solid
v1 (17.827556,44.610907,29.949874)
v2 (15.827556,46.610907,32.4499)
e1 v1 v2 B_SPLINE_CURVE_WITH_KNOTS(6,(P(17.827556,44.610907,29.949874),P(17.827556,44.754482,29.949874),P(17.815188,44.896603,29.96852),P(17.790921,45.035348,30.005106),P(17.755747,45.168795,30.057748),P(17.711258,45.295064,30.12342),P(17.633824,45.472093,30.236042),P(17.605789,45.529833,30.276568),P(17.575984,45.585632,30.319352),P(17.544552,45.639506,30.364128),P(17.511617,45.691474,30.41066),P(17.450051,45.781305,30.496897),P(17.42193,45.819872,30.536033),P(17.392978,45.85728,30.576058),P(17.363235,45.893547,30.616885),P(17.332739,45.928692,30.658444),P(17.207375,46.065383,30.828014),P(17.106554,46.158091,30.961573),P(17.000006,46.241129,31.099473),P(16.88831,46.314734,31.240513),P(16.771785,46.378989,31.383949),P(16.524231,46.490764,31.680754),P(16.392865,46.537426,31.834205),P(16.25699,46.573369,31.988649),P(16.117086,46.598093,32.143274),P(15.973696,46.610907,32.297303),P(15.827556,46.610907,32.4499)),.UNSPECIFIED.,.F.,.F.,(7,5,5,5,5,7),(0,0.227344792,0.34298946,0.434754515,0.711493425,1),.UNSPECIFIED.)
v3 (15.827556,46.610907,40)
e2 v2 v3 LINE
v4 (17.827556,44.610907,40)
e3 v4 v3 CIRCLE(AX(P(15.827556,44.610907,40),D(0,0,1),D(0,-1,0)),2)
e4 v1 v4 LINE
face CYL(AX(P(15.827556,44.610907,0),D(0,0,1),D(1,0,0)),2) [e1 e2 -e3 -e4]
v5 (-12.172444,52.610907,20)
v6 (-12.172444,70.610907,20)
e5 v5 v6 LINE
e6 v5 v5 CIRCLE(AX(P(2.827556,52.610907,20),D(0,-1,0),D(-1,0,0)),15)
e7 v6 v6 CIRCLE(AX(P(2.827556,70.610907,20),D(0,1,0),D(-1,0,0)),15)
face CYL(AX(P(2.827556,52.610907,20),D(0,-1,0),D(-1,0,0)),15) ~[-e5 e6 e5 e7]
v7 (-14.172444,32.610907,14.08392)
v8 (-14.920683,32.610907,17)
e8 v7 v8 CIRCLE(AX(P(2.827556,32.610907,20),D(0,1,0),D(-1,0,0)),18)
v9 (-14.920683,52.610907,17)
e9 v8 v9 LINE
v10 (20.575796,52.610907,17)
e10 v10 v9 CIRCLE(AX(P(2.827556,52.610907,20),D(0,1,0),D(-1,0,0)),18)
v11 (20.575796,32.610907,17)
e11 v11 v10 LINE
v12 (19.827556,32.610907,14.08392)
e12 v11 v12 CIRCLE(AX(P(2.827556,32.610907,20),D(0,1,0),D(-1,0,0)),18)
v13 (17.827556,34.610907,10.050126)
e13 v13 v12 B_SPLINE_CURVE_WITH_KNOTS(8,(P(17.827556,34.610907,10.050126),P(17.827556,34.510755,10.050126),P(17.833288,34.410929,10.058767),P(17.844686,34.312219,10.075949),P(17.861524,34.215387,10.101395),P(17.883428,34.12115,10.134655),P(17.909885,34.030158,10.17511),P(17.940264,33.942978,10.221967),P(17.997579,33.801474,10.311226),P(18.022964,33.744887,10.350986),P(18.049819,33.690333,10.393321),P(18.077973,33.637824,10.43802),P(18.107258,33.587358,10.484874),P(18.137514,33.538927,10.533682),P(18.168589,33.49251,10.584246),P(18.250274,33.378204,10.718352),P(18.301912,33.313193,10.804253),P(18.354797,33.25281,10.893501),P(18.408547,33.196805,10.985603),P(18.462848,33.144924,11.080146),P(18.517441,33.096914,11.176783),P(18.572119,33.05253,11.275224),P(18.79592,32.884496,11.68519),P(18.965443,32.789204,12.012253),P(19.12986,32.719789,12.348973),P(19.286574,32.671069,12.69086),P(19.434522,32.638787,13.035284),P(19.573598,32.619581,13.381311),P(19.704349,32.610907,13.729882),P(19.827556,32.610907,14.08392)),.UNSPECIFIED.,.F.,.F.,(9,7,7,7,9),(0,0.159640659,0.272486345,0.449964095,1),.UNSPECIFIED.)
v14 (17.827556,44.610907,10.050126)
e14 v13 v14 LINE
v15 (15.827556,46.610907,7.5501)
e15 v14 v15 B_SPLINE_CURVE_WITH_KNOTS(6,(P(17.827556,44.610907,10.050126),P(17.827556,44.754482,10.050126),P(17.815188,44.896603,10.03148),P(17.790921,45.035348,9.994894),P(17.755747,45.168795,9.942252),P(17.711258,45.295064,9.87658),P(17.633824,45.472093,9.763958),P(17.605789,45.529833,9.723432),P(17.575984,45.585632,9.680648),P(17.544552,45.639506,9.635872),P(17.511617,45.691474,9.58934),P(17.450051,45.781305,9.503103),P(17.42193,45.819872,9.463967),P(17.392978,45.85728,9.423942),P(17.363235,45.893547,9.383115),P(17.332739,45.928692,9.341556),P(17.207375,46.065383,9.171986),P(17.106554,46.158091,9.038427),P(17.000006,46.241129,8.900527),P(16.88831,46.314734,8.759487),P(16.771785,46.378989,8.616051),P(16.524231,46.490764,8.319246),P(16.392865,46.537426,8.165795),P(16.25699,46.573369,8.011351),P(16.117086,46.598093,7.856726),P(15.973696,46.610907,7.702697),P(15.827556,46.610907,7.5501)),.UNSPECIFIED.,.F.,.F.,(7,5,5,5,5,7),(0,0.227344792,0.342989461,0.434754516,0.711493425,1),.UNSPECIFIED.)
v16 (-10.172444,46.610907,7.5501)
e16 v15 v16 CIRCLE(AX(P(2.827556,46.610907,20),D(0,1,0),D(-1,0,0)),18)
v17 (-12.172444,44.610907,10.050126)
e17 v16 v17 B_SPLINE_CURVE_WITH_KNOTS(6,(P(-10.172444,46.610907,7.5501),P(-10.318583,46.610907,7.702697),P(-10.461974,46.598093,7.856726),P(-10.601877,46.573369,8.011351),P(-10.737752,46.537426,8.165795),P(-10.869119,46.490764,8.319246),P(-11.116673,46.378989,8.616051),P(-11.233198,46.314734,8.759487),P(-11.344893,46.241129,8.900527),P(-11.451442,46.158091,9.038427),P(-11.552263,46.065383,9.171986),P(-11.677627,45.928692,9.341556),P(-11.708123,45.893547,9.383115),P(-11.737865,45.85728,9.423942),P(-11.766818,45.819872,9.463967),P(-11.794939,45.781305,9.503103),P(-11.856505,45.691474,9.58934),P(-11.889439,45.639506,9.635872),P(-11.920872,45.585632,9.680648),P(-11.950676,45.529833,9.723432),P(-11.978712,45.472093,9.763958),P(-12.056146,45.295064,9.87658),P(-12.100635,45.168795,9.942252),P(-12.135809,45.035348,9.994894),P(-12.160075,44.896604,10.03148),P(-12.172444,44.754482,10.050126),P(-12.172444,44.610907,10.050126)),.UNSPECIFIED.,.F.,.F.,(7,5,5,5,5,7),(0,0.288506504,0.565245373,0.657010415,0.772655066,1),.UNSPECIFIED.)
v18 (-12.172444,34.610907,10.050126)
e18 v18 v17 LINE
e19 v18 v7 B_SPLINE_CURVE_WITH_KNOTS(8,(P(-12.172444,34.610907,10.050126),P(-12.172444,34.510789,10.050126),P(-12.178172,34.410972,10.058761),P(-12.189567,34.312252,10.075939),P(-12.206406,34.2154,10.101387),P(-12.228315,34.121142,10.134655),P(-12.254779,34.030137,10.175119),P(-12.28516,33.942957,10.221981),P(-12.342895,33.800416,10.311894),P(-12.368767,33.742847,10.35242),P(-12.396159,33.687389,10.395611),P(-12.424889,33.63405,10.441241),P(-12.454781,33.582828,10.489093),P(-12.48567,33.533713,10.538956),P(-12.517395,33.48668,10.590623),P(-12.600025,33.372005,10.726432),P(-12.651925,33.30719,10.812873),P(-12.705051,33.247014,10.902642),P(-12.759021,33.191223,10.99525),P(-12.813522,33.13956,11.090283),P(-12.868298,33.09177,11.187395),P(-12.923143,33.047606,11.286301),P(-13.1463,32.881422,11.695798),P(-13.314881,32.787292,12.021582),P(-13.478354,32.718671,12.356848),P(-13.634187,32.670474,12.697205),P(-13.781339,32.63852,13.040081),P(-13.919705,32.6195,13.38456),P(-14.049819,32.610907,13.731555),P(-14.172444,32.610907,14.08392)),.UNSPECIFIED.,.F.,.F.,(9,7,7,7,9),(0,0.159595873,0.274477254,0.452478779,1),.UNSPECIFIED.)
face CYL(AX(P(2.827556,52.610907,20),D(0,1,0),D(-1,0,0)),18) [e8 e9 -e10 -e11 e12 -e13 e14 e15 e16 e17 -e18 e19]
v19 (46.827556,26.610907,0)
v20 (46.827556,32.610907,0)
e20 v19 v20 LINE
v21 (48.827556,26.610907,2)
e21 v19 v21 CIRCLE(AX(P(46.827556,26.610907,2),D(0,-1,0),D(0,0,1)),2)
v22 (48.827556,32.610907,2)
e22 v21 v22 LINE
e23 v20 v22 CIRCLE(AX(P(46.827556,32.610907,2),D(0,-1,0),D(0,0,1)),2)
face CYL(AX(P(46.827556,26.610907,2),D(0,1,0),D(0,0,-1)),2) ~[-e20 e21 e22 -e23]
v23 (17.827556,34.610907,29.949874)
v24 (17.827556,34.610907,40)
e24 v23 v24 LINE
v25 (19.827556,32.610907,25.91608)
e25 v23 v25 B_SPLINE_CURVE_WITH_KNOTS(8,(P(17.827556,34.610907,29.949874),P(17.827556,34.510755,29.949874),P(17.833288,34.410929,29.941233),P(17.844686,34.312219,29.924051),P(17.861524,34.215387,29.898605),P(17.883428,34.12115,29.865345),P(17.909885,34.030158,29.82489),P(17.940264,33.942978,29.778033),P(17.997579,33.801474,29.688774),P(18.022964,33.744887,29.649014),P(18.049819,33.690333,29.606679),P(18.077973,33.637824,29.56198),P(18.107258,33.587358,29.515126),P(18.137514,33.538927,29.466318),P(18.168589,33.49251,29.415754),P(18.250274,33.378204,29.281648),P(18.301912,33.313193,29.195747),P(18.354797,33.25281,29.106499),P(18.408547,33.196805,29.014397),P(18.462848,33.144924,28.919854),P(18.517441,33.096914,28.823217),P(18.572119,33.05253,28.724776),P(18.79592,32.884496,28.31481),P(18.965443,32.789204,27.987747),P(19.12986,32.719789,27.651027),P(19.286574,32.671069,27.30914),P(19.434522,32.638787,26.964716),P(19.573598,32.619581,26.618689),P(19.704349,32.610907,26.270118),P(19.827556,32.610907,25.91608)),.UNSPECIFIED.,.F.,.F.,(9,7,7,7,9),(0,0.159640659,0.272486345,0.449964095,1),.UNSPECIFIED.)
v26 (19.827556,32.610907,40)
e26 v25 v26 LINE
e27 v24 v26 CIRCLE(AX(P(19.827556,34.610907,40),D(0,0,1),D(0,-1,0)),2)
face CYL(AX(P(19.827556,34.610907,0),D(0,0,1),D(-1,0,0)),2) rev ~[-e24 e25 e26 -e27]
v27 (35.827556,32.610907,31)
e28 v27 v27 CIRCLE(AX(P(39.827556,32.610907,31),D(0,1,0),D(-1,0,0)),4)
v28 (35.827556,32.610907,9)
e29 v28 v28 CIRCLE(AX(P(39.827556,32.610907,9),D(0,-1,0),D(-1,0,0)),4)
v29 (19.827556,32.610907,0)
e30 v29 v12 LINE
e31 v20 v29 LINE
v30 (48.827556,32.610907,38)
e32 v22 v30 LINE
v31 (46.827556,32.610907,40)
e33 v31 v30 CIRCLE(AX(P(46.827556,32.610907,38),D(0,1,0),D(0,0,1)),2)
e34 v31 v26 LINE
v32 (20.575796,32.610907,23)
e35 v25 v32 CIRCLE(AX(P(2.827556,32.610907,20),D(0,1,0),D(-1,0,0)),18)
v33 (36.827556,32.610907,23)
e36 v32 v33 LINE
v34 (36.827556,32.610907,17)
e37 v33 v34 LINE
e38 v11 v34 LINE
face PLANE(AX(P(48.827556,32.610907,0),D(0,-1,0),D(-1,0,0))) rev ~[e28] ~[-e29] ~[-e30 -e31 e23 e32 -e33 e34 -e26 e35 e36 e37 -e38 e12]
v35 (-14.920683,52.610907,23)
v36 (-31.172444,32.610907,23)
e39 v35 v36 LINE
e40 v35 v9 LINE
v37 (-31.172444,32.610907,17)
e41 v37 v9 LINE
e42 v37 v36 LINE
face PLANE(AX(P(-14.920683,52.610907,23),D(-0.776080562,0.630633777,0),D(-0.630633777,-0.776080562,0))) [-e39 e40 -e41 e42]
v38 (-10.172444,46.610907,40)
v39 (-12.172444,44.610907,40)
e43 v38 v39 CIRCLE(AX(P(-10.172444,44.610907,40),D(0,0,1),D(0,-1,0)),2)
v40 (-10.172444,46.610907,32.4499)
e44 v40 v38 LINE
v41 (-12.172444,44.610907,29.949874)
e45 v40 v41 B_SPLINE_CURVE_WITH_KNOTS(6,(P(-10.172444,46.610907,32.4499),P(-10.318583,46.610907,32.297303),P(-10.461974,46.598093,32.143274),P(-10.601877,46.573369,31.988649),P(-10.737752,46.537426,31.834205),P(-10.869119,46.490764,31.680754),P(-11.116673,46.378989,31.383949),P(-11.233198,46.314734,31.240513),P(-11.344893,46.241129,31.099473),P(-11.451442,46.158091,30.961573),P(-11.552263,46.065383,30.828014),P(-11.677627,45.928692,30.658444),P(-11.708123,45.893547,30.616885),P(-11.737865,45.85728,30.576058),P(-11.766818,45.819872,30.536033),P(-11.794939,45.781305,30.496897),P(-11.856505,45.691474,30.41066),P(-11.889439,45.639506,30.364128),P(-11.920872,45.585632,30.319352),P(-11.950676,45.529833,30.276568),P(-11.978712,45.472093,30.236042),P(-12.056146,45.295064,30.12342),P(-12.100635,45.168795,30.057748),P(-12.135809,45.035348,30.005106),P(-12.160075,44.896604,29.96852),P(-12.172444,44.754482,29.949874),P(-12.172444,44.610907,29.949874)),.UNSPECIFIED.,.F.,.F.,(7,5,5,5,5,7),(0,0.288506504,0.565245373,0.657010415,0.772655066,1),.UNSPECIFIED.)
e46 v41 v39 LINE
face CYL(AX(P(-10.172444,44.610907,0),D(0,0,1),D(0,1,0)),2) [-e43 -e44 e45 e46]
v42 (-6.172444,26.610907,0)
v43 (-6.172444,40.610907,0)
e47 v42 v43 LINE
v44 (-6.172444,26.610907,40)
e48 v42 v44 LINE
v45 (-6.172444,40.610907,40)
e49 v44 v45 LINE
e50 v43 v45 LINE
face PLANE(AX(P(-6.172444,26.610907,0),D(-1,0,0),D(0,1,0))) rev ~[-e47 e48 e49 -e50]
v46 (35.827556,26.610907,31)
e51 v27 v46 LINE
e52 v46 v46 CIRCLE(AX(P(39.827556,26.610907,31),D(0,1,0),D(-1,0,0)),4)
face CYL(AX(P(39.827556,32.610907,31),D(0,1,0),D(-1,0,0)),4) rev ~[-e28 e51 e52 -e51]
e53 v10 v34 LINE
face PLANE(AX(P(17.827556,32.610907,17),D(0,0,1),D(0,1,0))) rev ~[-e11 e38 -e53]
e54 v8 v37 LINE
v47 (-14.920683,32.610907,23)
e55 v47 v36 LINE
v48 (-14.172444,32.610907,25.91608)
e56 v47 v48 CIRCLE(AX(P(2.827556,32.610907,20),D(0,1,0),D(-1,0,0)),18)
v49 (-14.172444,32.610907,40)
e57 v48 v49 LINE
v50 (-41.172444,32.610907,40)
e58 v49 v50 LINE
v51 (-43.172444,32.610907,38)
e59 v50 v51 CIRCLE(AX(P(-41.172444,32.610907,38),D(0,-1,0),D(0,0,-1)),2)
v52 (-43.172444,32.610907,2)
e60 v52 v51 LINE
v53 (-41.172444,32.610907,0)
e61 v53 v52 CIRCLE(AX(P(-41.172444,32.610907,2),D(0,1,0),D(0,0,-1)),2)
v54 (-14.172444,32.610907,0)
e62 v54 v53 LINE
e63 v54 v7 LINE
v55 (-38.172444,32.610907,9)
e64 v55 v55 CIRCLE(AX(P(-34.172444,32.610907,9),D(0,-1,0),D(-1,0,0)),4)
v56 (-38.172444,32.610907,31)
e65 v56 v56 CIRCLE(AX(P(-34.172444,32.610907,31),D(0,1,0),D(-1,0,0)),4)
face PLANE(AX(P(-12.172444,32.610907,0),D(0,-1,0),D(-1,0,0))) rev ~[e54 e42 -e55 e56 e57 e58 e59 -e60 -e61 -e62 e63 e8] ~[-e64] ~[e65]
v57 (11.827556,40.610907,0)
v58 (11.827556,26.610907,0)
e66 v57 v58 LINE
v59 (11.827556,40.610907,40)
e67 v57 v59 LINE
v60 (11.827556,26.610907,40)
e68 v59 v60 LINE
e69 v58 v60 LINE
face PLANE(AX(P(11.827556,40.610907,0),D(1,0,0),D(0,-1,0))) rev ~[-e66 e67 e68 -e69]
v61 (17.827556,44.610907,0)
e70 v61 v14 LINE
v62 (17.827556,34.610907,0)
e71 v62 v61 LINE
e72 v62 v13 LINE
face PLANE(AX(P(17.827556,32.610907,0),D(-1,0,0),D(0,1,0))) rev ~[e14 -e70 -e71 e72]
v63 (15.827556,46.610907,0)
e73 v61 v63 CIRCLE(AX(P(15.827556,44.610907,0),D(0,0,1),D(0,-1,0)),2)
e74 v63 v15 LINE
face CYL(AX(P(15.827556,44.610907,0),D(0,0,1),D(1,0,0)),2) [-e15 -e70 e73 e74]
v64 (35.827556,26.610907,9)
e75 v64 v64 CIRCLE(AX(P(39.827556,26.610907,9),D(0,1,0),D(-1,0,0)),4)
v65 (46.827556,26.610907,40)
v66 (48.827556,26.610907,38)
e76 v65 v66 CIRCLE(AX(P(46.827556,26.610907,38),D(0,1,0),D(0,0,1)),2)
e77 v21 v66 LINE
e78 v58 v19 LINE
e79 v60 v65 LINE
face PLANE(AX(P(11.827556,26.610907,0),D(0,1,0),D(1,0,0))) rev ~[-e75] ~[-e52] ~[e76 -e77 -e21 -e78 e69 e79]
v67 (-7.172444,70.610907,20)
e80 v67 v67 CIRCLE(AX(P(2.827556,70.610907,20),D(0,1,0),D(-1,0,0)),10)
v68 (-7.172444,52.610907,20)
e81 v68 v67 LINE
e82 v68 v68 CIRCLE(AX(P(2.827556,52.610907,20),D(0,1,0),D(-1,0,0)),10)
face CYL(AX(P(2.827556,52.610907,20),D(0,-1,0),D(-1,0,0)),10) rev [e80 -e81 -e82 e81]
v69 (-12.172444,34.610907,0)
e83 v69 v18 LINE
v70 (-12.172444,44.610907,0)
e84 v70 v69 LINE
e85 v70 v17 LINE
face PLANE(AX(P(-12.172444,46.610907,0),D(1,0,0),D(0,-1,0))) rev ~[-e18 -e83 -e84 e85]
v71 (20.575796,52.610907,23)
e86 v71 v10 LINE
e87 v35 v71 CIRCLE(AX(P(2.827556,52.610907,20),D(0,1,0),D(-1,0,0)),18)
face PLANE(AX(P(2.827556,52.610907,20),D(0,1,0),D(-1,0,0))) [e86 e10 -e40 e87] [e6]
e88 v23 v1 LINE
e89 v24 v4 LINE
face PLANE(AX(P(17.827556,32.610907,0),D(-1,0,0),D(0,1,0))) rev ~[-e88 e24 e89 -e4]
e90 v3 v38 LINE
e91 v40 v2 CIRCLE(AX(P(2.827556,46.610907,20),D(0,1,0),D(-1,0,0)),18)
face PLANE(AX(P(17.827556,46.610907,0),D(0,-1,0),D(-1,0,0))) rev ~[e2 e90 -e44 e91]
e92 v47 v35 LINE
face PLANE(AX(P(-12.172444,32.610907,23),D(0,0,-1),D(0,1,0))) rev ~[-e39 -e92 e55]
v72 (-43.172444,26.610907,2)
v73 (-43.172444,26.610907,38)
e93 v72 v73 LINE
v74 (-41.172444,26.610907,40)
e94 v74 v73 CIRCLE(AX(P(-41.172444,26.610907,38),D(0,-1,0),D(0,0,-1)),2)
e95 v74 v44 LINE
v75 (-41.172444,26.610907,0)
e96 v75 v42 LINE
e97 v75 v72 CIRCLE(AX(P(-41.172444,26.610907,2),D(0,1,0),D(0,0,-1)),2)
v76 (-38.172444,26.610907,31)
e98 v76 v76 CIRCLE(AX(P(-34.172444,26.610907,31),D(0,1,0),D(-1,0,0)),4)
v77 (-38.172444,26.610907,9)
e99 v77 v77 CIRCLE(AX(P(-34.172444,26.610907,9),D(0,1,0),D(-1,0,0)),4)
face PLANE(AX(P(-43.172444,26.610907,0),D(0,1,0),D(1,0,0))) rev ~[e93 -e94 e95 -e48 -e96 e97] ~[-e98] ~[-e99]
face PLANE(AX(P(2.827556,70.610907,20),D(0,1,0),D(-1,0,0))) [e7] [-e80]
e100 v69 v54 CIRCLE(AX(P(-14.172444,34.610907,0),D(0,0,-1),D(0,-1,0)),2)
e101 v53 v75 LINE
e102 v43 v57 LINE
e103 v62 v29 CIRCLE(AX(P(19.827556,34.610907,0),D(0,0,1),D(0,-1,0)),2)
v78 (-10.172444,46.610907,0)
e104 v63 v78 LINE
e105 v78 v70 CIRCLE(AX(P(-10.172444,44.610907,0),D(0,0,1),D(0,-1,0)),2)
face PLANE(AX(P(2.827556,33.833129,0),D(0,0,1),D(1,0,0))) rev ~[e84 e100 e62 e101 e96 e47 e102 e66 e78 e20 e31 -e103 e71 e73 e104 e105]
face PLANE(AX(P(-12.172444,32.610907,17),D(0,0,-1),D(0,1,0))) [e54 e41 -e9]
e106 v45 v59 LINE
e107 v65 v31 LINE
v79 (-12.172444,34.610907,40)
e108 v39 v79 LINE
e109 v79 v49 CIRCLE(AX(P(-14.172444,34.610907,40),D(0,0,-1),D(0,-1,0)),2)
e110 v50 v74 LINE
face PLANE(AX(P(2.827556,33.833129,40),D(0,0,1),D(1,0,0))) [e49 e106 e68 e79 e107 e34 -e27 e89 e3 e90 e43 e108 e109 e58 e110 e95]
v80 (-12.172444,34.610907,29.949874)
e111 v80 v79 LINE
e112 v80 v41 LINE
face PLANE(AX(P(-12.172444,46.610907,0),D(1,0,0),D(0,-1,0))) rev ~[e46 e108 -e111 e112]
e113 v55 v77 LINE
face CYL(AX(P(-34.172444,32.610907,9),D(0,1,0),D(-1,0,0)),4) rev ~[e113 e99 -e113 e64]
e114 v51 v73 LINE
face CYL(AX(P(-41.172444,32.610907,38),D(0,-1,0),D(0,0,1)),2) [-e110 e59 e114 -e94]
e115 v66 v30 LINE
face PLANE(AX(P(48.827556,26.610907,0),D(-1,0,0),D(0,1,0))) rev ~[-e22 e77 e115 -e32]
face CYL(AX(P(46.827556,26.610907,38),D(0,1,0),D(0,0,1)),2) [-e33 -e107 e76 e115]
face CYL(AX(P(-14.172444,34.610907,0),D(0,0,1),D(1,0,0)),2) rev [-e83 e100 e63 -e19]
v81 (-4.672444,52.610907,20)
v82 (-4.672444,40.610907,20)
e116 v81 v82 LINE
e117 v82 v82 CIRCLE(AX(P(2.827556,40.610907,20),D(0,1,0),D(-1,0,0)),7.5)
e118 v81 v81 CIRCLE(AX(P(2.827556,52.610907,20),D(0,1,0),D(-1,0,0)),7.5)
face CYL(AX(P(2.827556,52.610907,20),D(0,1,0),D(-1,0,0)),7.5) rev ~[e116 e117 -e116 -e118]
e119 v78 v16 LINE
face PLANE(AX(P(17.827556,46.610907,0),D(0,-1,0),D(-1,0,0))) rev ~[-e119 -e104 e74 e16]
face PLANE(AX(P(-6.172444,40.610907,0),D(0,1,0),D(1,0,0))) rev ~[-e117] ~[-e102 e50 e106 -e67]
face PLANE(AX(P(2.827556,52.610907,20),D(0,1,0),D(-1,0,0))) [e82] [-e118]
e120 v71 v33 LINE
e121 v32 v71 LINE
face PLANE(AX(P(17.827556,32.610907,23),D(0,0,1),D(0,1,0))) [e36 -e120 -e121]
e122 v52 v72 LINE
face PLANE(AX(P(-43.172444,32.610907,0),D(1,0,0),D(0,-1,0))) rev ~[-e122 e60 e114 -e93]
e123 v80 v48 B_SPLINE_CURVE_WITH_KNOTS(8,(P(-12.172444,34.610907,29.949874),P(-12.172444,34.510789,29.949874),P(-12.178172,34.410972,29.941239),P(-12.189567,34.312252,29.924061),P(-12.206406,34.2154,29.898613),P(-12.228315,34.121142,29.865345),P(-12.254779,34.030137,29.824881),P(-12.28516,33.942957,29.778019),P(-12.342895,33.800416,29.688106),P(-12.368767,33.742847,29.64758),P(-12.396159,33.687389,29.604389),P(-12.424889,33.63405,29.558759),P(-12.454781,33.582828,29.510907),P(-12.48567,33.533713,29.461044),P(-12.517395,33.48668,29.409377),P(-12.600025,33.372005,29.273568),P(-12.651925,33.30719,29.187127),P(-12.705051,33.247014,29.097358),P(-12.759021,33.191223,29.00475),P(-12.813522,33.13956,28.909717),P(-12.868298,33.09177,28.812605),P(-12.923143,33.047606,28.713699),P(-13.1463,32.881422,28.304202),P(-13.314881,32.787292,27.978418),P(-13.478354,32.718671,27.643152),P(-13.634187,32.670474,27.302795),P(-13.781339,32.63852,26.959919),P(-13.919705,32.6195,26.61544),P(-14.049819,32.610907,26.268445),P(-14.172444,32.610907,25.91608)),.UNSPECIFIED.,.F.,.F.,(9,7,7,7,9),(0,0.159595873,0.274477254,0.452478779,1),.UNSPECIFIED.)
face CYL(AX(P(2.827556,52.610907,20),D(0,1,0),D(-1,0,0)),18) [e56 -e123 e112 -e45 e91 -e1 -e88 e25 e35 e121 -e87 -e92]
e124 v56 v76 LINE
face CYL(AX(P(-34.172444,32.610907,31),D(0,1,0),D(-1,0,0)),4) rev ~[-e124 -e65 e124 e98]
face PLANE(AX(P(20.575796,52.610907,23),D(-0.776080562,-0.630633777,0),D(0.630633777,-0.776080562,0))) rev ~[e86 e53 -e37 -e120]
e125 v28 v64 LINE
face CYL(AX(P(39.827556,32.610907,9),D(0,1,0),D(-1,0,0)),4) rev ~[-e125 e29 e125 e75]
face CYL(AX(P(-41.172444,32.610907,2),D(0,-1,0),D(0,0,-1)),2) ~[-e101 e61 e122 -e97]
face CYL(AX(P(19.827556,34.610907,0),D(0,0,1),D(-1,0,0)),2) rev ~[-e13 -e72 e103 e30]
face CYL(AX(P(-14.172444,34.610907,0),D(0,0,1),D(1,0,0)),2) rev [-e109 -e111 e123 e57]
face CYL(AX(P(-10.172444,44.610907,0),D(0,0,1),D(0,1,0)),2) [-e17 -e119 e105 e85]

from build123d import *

# Parameters (mm, degrees)
Y_KSEKLIK_EKSTR_ZYON1_DEPTH = 40
RADYUS1_R                   = 2
RADYUS2_R                   = 2
RADYUS4_R                   = 2
RADYUS5_R                   = 2
IZIM5_R                     = 4
KES_EKSTR_ZYON1_DEPTH       = 65.653926759
Y_KSEKLIK_EKSTR_ZYON3_REACH = 70.265
IZIM7_R                     = 18
IZIM8_R                     = 15
IZIM8_R_2                   = 10
Y_KSEKLIK_EKSTR_ZYON4_DEPTH = 18
IZIM9_R                     = 7.5
KES_EKSTR_ZYON3_DEPTH       = 69.265146695
IZIM12_W                    = 6
IZIM12_H                    = 20
Y_KSEKLIK_EKSTR_ZYON5_DEPTH = 19
IZIM13_W                    = 6
IZIM13_H                    = 20
Y_KSEKLIK_EKSTR_ZYON6_DEPTH = 19
KES_EKSTR_ZYON4_DEPTH       = 89.876489715


with BuildPart() as part:
    # Çizim1 → Yükseklik-Ekstrüzyon1 (new body)
    with BuildSketch(Plane.XY):
        Polygon((-43.172443791, 26.610906907), (-6.172443791, 26.610906907), (-6.172443791, 40.610906907), (11.827556209, 40.610906907), (11.827556209, 26.610906907), (48.827556209, 26.610906907), (48.827556209, 32.610906907), (17.827556209, 32.610906907), (17.827556209, 46.610906907), (-12.172443791, 46.610906907), (-12.172443791, 32.610906907), (-43.172443791, 32.610906907), align=None)
    extrude(amount=Y_KSEKLIK_EKSTR_ZYON1_DEPTH)

    # Radyus1
    radyus1_edges = [part.edges().sort_by_distance(p)[0] for p in [
        (-12.172443791, 46.610906907, 20),
        (17.827556209, 46.610906907, 20),
    ]]
    fillet(radyus1_edges, radius=RADYUS1_R)

    # Radyus2
    radyus2_edges = [part.edges().sort_by_distance(p)[0] for p in [
        (-12.172443791, 32.610906907, 20),
        (17.827556209, 32.610906907, 20),
    ]]
    fillet(radyus2_edges, radius=RADYUS2_R)

    # Radyus4
    radyus4_edges = [part.edges().sort_by_distance(p)[0] for p in [
        (-43.172443791, 29.610906907, 0),
        (48.827556209, 29.610906907, 40),
        (-43.172443791, 29.610906907, 40),
    ]]
    fillet(radyus4_edges, radius=RADYUS4_R)

    # Radyus5
    radyus5_edges = [part.edges().sort_by_distance(p)[0] for p in [
        (48.827556209, 29.610906907, 0),
    ]]
    fillet(radyus5_edges, radius=RADYUS5_R)

    # Çizim5 → Kes-Ekstrüzyon1 (cut, through all)
    with BuildSketch(Plane(origin=(0, 32.610906907, 0), x_dir=(1, 0, 0), z_dir=(0, 1, 0))):
        with Locations(Location((-34.172443791, -9, 0), (0, 0, 180))):
            Circle(IZIM5_R)
        with Locations(Location((-34.172443791, -31, 0), (0, 0, 180))):
            Circle(IZIM5_R)
        with Locations(Location((39.827556209, -9, 0), (0, 0, 180))):
            Circle(IZIM5_R)
        with Locations(Location((39.827556209, -31, 0), (0, 0, 180))):
            Circle(IZIM5_R)
    extrude(amount=-KES_EKSTR_ZYON1_DEPTH, mode=Mode.SUBTRACT)

    # Çizim7 → Yükseklik-Ekstrüzyon3 (add, up to next)
    with BuildSketch(Plane(origin=(0, 52.610906907, 0), x_dir=(1, 0, 0), z_dir=(0, 1, 0)), mode=Mode.PRIVATE) as y_kseklik_ekstr_zyon3_sk1:
        with Locations(Location((2.827556209, -20, 0), (0, 0, 180))):
            Circle(IZIM7_R)
    y_kseklik_ekstr_zyon3_tool1 = extrude(y_kseklik_ekstr_zyon3_sk1.sketch, amount=-Y_KSEKLIK_EKSTR_ZYON3_REACH, mode=Mode.PRIVATE) - part.part
    add(y_kseklik_ekstr_zyon3_tool1.solids().sort_by_distance((2.827556, 52.610907, 20))[0])

    # Çizim8 → Yükseklik-Ekstrüzyon4 (add)
    with BuildSketch(Plane(origin=(0, 52.610906907, 0), x_dir=(1, 0, 0), z_dir=(0, 1, 0))):
        with Locations(Location((2.827556209, -20, 0), (0, 0, 180))):
            Circle(IZIM8_R)
        with Locations(Location((2.827556209, -20, 0), (0, 0, 180))):
            Circle(IZIM8_R_2, mode=Mode.SUBTRACT)
    extrude(amount=Y_KSEKLIK_EKSTR_ZYON4_DEPTH)

    # Çizim9 → Kes-Ekstrüzyon3 (cut, through all)
    with BuildSketch(Plane(origin=(0, 52.610906907, 0), x_dir=(1, 0, 0), z_dir=(0, 1, 0))):
        with Locations(Location((2.827556209, -20, 0), (0, 0, 180))):
            Circle(IZIM9_R)
    extrude(amount=-KES_EKSTR_ZYON3_DEPTH, mode=Mode.SUBTRACT)

    # Çizim12 → Yükseklik-Ekstrüzyon5 (add)
    with BuildSketch(Plane.ZY.offset(12.172443791)):
        with Locations((20, 42.610906907)):
            Rectangle(IZIM12_W, IZIM12_H)
    extrude(amount=Y_KSEKLIK_EKSTR_ZYON5_DEPTH)

    # Çizim13 → Yükseklik-Ekstrüzyon6 (add)
    with BuildSketch(Plane(origin=(17.827556209, 0, 0), x_dir=(0, 0, -1), z_dir=(1, 0, 0))):
        with Locations((-20, 42.610906907)):
            Rectangle(IZIM13_W, IZIM13_H)
    extrude(amount=Y_KSEKLIK_EKSTR_ZYON6_DEPTH)

    # Çizim14 → Kes-Ekstrüzyon4 (cut, through all)
    with BuildSketch(Plane.XY.offset(23)):
        Polygon((-14.920683141, 52.610906907), (-31.172443791, 32.610906907), (-51.091158716, 48.796616278), (-34.839398065, 68.796616278), align=None)
        Polygon((20.575795558, 52.610906907), (36.827556209, 32.610906907), (59.044395874, 50.664044939), (42.792635223, 70.664044939), align=None)
    extrude(amount=-KES_EKSTR_ZYON4_DEPTH, mode=Mode.SUBTRACT)


solid = part.part
